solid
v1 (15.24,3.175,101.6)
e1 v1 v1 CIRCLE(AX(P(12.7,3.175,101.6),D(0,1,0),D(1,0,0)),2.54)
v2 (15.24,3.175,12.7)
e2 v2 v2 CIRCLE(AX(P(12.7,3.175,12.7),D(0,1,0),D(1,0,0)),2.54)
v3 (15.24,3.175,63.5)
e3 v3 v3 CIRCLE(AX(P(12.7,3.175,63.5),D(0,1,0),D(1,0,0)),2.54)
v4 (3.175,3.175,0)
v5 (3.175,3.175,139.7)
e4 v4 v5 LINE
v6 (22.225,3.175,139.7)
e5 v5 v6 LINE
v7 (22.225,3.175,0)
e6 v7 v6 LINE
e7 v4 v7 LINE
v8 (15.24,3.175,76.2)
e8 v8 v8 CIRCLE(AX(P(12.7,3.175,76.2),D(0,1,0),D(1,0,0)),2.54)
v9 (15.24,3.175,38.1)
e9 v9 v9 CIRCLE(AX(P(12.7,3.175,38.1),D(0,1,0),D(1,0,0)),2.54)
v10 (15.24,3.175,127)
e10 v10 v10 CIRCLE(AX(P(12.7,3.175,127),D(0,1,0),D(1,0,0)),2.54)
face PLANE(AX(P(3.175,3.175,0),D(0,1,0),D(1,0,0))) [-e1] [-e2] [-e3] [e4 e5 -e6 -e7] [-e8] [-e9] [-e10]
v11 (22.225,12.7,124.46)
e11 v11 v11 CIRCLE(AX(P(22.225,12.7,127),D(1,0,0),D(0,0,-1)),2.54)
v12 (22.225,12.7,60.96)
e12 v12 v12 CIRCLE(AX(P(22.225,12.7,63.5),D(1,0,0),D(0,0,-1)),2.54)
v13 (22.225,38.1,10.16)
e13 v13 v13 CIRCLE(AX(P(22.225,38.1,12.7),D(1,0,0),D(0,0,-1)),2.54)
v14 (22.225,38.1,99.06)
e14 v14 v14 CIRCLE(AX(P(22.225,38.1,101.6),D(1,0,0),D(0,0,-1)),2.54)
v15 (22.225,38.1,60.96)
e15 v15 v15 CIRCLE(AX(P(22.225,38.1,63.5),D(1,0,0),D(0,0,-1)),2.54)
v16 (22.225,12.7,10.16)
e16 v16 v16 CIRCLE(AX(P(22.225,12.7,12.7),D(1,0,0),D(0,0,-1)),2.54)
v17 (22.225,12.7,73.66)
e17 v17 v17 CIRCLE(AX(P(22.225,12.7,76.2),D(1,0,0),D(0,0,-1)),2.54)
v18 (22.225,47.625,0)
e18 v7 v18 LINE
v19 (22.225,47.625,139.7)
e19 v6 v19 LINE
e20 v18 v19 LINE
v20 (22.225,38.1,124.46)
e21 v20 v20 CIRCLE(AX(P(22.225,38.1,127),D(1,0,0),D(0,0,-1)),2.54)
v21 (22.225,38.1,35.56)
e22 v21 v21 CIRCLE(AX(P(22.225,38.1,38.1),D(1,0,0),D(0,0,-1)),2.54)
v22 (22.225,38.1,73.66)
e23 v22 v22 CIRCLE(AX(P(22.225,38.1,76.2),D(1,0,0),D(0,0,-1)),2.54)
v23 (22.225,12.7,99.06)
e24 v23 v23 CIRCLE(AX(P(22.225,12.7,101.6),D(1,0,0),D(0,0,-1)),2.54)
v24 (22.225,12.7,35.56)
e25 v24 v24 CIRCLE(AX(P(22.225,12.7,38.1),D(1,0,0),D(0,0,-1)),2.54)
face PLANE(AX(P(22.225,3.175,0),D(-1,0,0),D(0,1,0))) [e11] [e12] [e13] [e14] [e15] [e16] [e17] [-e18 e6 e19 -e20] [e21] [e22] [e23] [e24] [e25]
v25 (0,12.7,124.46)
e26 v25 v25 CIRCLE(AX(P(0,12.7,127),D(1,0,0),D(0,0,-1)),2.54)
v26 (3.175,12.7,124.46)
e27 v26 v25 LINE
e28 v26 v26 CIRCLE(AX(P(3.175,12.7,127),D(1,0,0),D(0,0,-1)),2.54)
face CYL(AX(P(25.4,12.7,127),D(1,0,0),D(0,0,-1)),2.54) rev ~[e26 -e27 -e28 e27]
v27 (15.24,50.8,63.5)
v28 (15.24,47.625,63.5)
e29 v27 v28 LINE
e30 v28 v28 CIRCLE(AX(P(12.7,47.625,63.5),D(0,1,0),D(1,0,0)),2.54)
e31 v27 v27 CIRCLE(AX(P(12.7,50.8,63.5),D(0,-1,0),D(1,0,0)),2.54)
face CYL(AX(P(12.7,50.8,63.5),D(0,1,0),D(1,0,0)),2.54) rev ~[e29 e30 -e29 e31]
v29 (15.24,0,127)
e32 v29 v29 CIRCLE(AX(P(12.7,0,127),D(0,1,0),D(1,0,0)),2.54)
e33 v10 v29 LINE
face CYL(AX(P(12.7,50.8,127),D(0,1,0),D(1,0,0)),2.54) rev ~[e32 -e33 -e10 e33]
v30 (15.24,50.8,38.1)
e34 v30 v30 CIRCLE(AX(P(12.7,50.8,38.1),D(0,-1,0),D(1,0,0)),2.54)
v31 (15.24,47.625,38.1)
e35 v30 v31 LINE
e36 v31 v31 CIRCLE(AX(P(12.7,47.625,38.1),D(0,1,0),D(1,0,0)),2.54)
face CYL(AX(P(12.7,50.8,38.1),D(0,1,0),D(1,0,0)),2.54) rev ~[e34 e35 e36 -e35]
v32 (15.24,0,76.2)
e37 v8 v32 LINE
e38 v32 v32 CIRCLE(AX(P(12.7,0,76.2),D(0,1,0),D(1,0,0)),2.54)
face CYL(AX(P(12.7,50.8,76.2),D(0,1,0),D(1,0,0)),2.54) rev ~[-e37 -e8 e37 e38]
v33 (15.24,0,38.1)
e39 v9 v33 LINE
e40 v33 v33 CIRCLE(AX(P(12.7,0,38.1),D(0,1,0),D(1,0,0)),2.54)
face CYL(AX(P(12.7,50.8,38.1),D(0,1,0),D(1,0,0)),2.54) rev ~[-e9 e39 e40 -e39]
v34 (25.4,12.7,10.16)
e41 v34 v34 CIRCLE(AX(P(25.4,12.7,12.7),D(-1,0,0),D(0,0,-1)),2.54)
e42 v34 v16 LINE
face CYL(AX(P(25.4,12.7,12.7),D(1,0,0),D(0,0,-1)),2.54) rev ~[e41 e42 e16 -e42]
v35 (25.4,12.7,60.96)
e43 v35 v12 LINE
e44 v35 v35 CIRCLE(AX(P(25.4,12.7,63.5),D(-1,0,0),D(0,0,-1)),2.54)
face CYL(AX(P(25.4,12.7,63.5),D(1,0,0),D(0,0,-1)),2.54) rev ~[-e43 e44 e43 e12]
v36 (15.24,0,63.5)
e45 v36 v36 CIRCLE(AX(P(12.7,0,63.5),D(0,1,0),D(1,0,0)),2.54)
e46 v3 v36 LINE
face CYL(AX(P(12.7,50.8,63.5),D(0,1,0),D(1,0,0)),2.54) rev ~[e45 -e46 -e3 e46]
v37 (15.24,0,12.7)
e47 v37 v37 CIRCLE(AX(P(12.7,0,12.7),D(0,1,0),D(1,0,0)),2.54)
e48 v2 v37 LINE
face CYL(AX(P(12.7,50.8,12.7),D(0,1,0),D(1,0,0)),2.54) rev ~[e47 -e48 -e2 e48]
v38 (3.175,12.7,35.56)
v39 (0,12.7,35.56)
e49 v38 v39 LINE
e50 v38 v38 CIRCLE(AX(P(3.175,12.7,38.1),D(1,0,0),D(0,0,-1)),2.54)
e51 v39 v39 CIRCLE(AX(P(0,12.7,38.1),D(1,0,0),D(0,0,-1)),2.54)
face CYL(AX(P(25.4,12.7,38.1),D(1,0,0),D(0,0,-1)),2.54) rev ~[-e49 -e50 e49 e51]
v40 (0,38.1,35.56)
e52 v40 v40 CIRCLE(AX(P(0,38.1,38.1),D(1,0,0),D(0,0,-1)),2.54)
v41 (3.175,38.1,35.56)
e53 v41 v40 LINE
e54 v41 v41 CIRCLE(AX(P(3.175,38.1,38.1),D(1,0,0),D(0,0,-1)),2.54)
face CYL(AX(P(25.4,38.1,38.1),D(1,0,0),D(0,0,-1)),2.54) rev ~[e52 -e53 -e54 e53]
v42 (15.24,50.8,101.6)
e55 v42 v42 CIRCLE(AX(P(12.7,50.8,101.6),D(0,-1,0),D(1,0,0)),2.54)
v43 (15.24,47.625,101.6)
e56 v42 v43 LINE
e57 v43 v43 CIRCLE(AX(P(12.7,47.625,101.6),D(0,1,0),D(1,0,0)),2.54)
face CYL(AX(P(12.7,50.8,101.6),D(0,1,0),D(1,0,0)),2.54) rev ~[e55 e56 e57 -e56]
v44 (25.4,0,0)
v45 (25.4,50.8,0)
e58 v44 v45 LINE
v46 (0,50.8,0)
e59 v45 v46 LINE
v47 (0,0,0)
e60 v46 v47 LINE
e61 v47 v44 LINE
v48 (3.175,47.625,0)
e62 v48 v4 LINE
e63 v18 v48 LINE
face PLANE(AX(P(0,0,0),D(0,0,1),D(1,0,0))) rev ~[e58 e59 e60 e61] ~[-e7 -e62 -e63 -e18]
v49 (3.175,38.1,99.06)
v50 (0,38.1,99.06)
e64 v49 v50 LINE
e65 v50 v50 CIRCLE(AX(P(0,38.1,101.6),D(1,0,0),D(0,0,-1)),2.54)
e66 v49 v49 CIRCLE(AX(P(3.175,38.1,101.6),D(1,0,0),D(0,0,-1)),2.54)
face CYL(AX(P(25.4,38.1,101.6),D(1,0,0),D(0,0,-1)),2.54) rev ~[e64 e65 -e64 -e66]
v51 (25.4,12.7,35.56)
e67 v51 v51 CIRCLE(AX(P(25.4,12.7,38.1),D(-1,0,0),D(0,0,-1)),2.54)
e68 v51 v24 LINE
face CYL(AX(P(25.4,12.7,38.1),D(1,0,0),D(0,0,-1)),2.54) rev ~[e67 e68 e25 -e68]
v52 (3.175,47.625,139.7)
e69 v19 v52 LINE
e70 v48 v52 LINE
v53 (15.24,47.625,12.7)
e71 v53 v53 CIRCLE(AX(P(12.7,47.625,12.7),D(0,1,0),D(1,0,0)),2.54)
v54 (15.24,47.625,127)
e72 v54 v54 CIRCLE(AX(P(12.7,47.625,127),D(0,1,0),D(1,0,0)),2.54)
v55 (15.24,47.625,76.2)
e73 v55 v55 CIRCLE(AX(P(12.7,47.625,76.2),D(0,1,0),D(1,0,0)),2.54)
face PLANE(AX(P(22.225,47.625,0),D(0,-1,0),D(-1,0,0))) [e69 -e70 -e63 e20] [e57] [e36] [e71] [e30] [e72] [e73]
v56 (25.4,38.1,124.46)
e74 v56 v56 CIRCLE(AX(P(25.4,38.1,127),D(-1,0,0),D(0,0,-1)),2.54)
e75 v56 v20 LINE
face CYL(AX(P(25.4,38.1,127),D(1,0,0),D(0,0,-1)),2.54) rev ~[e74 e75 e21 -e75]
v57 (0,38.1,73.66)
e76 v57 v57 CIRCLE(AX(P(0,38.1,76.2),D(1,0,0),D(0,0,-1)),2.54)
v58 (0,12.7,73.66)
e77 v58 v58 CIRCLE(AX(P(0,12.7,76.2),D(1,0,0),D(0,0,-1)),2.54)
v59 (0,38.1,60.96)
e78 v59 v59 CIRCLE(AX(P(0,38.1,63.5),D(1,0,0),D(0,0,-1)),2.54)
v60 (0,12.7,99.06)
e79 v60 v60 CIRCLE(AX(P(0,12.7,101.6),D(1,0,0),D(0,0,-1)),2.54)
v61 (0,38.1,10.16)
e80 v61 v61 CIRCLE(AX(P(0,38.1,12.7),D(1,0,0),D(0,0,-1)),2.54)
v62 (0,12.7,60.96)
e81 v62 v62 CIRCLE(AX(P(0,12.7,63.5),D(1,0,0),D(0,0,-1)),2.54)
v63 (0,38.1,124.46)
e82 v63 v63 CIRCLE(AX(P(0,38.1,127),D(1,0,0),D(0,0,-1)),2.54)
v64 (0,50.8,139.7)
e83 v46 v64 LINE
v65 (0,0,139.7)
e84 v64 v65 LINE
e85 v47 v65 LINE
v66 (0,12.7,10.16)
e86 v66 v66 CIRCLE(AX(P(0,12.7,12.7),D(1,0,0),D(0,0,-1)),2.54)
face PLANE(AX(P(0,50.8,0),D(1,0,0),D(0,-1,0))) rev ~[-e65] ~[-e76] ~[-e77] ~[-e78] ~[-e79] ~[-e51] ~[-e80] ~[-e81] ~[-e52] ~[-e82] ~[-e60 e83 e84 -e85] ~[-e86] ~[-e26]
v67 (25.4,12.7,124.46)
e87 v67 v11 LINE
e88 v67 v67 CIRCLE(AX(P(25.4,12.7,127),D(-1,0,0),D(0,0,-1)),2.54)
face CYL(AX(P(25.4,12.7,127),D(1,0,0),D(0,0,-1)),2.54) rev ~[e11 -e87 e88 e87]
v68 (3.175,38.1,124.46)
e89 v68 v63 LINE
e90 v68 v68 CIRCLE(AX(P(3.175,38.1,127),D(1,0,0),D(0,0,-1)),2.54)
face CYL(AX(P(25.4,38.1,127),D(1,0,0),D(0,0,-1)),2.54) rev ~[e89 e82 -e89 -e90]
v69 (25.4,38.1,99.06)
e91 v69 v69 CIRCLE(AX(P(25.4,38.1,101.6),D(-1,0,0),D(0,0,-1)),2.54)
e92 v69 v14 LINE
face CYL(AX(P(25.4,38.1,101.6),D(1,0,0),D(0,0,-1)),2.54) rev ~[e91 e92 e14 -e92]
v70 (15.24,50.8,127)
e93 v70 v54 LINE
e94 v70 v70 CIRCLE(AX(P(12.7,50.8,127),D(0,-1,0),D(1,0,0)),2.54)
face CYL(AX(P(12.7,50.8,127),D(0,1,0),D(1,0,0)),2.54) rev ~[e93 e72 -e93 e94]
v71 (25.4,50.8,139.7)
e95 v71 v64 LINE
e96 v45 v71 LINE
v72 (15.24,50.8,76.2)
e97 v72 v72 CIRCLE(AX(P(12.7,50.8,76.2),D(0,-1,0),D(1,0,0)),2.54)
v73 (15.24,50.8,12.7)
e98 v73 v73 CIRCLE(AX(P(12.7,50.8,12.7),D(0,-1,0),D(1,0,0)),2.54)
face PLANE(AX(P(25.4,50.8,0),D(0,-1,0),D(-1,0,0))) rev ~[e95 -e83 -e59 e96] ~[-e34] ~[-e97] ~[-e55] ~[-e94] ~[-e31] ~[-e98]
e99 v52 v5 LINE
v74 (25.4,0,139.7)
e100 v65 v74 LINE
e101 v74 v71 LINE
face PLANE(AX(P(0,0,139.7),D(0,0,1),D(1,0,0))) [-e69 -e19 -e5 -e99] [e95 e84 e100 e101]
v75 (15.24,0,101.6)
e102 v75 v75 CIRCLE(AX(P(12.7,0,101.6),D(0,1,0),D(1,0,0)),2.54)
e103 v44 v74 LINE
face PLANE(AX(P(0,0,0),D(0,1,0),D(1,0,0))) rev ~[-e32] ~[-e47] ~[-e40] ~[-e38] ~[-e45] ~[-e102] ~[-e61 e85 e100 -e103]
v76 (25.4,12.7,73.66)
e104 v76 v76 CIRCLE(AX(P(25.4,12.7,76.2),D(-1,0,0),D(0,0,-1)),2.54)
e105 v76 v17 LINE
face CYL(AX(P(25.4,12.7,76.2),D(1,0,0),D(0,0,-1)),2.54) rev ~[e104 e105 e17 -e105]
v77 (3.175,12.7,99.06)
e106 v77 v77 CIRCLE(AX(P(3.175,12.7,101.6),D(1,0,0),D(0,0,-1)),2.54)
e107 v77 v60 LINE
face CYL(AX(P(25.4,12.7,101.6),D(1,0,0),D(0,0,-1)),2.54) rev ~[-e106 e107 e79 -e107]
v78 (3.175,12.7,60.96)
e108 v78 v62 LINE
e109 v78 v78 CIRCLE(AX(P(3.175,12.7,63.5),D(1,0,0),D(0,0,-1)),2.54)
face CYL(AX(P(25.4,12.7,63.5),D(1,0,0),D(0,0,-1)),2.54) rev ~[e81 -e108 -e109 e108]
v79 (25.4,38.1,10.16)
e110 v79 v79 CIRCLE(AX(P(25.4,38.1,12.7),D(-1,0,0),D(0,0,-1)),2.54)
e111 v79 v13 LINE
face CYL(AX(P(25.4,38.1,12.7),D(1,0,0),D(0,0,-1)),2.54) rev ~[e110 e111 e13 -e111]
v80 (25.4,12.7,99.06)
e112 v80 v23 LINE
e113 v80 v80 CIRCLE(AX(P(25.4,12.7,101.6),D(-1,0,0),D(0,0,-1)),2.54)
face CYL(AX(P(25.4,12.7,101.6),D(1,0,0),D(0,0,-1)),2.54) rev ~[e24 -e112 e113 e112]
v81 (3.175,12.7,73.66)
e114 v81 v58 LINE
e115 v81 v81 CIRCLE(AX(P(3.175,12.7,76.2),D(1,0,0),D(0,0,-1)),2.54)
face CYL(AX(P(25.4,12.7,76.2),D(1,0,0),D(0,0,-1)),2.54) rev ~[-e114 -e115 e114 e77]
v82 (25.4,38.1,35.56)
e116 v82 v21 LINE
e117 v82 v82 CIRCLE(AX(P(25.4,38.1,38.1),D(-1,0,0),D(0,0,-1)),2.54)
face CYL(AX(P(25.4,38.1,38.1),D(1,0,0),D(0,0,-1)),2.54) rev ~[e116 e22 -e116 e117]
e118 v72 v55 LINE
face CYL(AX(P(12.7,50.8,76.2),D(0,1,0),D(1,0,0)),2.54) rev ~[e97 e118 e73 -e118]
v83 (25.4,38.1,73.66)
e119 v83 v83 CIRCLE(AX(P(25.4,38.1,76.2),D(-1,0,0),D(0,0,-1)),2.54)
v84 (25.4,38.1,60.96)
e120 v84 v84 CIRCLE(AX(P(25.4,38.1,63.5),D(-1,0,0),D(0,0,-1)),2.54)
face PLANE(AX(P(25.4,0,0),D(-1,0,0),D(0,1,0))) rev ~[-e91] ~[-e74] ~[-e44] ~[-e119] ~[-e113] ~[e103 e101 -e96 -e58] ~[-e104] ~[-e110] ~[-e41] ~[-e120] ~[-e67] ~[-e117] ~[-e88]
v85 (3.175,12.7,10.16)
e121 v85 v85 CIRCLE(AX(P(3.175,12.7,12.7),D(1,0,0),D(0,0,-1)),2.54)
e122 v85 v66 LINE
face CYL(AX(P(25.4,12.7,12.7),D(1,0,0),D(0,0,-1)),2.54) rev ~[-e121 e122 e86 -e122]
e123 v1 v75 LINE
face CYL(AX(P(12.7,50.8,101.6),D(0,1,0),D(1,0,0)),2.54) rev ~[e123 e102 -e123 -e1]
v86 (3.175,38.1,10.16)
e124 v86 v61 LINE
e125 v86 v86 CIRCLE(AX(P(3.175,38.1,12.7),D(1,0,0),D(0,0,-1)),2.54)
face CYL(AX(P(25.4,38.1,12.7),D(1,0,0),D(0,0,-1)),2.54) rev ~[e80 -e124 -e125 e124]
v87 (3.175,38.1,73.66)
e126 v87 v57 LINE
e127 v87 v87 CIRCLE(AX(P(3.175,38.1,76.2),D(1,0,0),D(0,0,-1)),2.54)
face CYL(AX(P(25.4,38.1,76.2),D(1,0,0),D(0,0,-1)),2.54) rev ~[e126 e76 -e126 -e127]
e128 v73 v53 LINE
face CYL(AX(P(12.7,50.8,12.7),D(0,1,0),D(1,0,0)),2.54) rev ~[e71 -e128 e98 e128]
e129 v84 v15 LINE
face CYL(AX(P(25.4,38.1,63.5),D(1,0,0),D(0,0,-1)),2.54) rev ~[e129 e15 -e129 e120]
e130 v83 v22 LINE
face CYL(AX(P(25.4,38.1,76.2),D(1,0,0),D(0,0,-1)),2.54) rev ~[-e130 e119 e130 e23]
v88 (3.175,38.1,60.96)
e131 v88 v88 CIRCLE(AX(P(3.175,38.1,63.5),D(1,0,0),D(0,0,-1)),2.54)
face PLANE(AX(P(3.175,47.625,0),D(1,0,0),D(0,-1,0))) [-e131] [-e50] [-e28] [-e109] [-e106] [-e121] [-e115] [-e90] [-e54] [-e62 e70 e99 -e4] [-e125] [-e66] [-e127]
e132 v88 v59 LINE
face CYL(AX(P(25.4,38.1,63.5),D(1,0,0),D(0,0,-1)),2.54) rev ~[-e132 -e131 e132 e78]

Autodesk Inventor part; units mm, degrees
ref_plane "YZ Plane" through (0, 0, 0) normal (1, 0, 0) x (0, 1, 0)
ref_plane "XZ Plane" through (0, 0, 0) normal (0, 1, 0) x (-1, 0, 0)
ref_plane "XY Plane" through (0, 0, 0) normal (0, 0, 1) x (1, 0, 0)
sketch "Sketch1" plane through (0, 0, 0) normal (0, 0, 1) x (1, 0, 0)
  line L0 (0, 0) -> (25.4, 0)
  line L1 (25.4, 0) -> (25.4, 50.8)
  line L2 (25.4, 50.8) -> (0, 50.8)
  line L3 (0, 50.8) -> (0, 0)
  line L4 (3.175, 3.175) -> (22.225, 3.175)
  line L5 (22.225, 3.175) -> (22.225, 47.625)
  line L6 (22.225, 47.625) -> (3.175, 47.625)
  line L7 (3.175, 47.625) -> (3.175, 3.175)
  dimension "d0" = 25.4
  dimension "d1" = 50.8
  dimension "d2" = 3.175
  dimension "d3" = 3.175
  dimension "d4" = 3.175
  dimension "d5" = 3.175
extrude "Extrusion1" add sketch "Sketch1" along normal blind 139.7
sketch "Sketch2" plane through (25.4, 0, 0) normal (1, 0, 0) x (0, 0, -1)
  line L0 (0, 0) -> (0, 50.8) projected
  line L1 (0, 0) -> (0, 12.7)
  line L2 (0, 12.7) -> (-139.7, 12.7)
  line L3 (-139.7, 47.625) -> (-139.7, 3.175) projected
  line L4 (-139.7, 0) -> (-139.7, 50.8) projected
  line L5 (-139.7, 50.8) -> (-139.7, 38.1)
  line L6 (-139.7, 38.1) -> (0, 38.1)
  line L7 (-139.7, 38.1) -> (-127, 38.1)
  line L8 (-127, 38.1) -> (-127, 12.7)
  line L9 (0, 38.1) -> (-12.7, 38.1)
  line L10 (-12.7, 38.1) -> (-12.7, 12.7)
  line L11 (-12.7, 38.1) -> (-38.1, 38.1)
  line L12 (-38.1, 38.1) -> (-63.5, 38.1)
  line L13 (-127, 38.1) -> (-101.6, 38.1)
  line L14 (-101.6, 38.1) -> (-76.2, 38.1)
  circle A0 centre (-127, 38.1) radius 2.54
  circle A1 centre (-127, 12.7) radius 2.54
  circle A2 centre (-101.6, 38.1) radius 2.54
  circle A3 centre (-76.2, 38.1) radius 2.54
  circle A4 centre (-63.5, 38.1) radius 2.54
  circle A5 centre (-38.1, 38.1) radius 2.54
  circle A6 centre (-12.7, 38.1) radius 2.54
  circle A7 centre (-12.7, 12.7) radius 2.54
  circle A8 centre (-38.1, 12.7) radius 2.54
  circle A9 centre (-63.5, 12.7) radius 2.54
  circle A10 centre (-76.2, 12.7) radius 2.54
  circle A11 centre (-101.6, 12.7) radius 2.54
  dimension "d8" = 12.7
  dimension "d9" = 12.7
  dimension "d10" = 12.7
  dimension "d11" = 12.7
  dimension "d12" = 25.4
  dimension "d13" = 25.4
  dimension "d14" = 25.4
  dimension "d15" = 25.4
  dimension "d16" = 5.08
extrude "Extrusion2" cut sketch "Sketch2" against normal blind 25.4 contours A7 L2 | L2 L10 A7 | A6 L10 L6 | L6 A6 | L2 A7 L10 | L10 A6 L6 | A8 L2 | L2 A8 | A5 L6 | L6 A5 | A9 L2 | L2 A9 | A4 L6 | L6 A4 | A10 L2 | L2 A10 | A3 L6 | L6 A3 | A11 L2 | L2 A11 | A2 L6 | L6 A2 | A1 L2 | L2 L8 A1 | A0 L8 L6 | L6 A0 | L2 A1 L8 | L8 A0 L6
sketch "Sketch3" plane through (0, 50.8, 0) normal (0, 1, 0) x (1, 0, 0)
  line L0 (3.175, 0) -> (22.225, 0) projected
  line L1 (12.7, 0) -> (12.7, -139.7)
  line L2 (12.7, -139.7) -> (12.7, -127)
  line L3 (12.7, -127) -> (12.7, -101.6)
  line L4 (12.7, -101.6) -> (12.7, -76.2)
  line L5 (12.7, 0) -> (12.7, -12.7)
  line L6 (12.7, -12.7) -> (12.7, -38.1)
  line L7 (12.7, -38.1) -> (12.7, -63.5)
  circle A0 centre (12.7, -12.7) radius 2.54
  circle A1 centre (12.7, -38.1) radius 2.54
  circle A2 centre (12.7, -63.5) radius 2.54
  circle A3 centre (12.7, -76.2) radius 2.54
  circle A4 centre (12.7, -101.6) radius 2.54
  circle A5 centre (12.7, -127) radius 2.54
  point P0 (0, 0)
  dimension "d19" = 12.7
  dimension "d20" = 25.4
  dimension "d21" = 25.4
  dimension "d22" = 12.7
  dimension "d23" = 25.4
  dimension "d24" = 25.4
  dimension "d25" = 5.08
extrude "Extrusion3" cut sketch "Sketch3" against normal blind 111.125
properties part number "5.5 2x2" material "Aluminum 6061"
